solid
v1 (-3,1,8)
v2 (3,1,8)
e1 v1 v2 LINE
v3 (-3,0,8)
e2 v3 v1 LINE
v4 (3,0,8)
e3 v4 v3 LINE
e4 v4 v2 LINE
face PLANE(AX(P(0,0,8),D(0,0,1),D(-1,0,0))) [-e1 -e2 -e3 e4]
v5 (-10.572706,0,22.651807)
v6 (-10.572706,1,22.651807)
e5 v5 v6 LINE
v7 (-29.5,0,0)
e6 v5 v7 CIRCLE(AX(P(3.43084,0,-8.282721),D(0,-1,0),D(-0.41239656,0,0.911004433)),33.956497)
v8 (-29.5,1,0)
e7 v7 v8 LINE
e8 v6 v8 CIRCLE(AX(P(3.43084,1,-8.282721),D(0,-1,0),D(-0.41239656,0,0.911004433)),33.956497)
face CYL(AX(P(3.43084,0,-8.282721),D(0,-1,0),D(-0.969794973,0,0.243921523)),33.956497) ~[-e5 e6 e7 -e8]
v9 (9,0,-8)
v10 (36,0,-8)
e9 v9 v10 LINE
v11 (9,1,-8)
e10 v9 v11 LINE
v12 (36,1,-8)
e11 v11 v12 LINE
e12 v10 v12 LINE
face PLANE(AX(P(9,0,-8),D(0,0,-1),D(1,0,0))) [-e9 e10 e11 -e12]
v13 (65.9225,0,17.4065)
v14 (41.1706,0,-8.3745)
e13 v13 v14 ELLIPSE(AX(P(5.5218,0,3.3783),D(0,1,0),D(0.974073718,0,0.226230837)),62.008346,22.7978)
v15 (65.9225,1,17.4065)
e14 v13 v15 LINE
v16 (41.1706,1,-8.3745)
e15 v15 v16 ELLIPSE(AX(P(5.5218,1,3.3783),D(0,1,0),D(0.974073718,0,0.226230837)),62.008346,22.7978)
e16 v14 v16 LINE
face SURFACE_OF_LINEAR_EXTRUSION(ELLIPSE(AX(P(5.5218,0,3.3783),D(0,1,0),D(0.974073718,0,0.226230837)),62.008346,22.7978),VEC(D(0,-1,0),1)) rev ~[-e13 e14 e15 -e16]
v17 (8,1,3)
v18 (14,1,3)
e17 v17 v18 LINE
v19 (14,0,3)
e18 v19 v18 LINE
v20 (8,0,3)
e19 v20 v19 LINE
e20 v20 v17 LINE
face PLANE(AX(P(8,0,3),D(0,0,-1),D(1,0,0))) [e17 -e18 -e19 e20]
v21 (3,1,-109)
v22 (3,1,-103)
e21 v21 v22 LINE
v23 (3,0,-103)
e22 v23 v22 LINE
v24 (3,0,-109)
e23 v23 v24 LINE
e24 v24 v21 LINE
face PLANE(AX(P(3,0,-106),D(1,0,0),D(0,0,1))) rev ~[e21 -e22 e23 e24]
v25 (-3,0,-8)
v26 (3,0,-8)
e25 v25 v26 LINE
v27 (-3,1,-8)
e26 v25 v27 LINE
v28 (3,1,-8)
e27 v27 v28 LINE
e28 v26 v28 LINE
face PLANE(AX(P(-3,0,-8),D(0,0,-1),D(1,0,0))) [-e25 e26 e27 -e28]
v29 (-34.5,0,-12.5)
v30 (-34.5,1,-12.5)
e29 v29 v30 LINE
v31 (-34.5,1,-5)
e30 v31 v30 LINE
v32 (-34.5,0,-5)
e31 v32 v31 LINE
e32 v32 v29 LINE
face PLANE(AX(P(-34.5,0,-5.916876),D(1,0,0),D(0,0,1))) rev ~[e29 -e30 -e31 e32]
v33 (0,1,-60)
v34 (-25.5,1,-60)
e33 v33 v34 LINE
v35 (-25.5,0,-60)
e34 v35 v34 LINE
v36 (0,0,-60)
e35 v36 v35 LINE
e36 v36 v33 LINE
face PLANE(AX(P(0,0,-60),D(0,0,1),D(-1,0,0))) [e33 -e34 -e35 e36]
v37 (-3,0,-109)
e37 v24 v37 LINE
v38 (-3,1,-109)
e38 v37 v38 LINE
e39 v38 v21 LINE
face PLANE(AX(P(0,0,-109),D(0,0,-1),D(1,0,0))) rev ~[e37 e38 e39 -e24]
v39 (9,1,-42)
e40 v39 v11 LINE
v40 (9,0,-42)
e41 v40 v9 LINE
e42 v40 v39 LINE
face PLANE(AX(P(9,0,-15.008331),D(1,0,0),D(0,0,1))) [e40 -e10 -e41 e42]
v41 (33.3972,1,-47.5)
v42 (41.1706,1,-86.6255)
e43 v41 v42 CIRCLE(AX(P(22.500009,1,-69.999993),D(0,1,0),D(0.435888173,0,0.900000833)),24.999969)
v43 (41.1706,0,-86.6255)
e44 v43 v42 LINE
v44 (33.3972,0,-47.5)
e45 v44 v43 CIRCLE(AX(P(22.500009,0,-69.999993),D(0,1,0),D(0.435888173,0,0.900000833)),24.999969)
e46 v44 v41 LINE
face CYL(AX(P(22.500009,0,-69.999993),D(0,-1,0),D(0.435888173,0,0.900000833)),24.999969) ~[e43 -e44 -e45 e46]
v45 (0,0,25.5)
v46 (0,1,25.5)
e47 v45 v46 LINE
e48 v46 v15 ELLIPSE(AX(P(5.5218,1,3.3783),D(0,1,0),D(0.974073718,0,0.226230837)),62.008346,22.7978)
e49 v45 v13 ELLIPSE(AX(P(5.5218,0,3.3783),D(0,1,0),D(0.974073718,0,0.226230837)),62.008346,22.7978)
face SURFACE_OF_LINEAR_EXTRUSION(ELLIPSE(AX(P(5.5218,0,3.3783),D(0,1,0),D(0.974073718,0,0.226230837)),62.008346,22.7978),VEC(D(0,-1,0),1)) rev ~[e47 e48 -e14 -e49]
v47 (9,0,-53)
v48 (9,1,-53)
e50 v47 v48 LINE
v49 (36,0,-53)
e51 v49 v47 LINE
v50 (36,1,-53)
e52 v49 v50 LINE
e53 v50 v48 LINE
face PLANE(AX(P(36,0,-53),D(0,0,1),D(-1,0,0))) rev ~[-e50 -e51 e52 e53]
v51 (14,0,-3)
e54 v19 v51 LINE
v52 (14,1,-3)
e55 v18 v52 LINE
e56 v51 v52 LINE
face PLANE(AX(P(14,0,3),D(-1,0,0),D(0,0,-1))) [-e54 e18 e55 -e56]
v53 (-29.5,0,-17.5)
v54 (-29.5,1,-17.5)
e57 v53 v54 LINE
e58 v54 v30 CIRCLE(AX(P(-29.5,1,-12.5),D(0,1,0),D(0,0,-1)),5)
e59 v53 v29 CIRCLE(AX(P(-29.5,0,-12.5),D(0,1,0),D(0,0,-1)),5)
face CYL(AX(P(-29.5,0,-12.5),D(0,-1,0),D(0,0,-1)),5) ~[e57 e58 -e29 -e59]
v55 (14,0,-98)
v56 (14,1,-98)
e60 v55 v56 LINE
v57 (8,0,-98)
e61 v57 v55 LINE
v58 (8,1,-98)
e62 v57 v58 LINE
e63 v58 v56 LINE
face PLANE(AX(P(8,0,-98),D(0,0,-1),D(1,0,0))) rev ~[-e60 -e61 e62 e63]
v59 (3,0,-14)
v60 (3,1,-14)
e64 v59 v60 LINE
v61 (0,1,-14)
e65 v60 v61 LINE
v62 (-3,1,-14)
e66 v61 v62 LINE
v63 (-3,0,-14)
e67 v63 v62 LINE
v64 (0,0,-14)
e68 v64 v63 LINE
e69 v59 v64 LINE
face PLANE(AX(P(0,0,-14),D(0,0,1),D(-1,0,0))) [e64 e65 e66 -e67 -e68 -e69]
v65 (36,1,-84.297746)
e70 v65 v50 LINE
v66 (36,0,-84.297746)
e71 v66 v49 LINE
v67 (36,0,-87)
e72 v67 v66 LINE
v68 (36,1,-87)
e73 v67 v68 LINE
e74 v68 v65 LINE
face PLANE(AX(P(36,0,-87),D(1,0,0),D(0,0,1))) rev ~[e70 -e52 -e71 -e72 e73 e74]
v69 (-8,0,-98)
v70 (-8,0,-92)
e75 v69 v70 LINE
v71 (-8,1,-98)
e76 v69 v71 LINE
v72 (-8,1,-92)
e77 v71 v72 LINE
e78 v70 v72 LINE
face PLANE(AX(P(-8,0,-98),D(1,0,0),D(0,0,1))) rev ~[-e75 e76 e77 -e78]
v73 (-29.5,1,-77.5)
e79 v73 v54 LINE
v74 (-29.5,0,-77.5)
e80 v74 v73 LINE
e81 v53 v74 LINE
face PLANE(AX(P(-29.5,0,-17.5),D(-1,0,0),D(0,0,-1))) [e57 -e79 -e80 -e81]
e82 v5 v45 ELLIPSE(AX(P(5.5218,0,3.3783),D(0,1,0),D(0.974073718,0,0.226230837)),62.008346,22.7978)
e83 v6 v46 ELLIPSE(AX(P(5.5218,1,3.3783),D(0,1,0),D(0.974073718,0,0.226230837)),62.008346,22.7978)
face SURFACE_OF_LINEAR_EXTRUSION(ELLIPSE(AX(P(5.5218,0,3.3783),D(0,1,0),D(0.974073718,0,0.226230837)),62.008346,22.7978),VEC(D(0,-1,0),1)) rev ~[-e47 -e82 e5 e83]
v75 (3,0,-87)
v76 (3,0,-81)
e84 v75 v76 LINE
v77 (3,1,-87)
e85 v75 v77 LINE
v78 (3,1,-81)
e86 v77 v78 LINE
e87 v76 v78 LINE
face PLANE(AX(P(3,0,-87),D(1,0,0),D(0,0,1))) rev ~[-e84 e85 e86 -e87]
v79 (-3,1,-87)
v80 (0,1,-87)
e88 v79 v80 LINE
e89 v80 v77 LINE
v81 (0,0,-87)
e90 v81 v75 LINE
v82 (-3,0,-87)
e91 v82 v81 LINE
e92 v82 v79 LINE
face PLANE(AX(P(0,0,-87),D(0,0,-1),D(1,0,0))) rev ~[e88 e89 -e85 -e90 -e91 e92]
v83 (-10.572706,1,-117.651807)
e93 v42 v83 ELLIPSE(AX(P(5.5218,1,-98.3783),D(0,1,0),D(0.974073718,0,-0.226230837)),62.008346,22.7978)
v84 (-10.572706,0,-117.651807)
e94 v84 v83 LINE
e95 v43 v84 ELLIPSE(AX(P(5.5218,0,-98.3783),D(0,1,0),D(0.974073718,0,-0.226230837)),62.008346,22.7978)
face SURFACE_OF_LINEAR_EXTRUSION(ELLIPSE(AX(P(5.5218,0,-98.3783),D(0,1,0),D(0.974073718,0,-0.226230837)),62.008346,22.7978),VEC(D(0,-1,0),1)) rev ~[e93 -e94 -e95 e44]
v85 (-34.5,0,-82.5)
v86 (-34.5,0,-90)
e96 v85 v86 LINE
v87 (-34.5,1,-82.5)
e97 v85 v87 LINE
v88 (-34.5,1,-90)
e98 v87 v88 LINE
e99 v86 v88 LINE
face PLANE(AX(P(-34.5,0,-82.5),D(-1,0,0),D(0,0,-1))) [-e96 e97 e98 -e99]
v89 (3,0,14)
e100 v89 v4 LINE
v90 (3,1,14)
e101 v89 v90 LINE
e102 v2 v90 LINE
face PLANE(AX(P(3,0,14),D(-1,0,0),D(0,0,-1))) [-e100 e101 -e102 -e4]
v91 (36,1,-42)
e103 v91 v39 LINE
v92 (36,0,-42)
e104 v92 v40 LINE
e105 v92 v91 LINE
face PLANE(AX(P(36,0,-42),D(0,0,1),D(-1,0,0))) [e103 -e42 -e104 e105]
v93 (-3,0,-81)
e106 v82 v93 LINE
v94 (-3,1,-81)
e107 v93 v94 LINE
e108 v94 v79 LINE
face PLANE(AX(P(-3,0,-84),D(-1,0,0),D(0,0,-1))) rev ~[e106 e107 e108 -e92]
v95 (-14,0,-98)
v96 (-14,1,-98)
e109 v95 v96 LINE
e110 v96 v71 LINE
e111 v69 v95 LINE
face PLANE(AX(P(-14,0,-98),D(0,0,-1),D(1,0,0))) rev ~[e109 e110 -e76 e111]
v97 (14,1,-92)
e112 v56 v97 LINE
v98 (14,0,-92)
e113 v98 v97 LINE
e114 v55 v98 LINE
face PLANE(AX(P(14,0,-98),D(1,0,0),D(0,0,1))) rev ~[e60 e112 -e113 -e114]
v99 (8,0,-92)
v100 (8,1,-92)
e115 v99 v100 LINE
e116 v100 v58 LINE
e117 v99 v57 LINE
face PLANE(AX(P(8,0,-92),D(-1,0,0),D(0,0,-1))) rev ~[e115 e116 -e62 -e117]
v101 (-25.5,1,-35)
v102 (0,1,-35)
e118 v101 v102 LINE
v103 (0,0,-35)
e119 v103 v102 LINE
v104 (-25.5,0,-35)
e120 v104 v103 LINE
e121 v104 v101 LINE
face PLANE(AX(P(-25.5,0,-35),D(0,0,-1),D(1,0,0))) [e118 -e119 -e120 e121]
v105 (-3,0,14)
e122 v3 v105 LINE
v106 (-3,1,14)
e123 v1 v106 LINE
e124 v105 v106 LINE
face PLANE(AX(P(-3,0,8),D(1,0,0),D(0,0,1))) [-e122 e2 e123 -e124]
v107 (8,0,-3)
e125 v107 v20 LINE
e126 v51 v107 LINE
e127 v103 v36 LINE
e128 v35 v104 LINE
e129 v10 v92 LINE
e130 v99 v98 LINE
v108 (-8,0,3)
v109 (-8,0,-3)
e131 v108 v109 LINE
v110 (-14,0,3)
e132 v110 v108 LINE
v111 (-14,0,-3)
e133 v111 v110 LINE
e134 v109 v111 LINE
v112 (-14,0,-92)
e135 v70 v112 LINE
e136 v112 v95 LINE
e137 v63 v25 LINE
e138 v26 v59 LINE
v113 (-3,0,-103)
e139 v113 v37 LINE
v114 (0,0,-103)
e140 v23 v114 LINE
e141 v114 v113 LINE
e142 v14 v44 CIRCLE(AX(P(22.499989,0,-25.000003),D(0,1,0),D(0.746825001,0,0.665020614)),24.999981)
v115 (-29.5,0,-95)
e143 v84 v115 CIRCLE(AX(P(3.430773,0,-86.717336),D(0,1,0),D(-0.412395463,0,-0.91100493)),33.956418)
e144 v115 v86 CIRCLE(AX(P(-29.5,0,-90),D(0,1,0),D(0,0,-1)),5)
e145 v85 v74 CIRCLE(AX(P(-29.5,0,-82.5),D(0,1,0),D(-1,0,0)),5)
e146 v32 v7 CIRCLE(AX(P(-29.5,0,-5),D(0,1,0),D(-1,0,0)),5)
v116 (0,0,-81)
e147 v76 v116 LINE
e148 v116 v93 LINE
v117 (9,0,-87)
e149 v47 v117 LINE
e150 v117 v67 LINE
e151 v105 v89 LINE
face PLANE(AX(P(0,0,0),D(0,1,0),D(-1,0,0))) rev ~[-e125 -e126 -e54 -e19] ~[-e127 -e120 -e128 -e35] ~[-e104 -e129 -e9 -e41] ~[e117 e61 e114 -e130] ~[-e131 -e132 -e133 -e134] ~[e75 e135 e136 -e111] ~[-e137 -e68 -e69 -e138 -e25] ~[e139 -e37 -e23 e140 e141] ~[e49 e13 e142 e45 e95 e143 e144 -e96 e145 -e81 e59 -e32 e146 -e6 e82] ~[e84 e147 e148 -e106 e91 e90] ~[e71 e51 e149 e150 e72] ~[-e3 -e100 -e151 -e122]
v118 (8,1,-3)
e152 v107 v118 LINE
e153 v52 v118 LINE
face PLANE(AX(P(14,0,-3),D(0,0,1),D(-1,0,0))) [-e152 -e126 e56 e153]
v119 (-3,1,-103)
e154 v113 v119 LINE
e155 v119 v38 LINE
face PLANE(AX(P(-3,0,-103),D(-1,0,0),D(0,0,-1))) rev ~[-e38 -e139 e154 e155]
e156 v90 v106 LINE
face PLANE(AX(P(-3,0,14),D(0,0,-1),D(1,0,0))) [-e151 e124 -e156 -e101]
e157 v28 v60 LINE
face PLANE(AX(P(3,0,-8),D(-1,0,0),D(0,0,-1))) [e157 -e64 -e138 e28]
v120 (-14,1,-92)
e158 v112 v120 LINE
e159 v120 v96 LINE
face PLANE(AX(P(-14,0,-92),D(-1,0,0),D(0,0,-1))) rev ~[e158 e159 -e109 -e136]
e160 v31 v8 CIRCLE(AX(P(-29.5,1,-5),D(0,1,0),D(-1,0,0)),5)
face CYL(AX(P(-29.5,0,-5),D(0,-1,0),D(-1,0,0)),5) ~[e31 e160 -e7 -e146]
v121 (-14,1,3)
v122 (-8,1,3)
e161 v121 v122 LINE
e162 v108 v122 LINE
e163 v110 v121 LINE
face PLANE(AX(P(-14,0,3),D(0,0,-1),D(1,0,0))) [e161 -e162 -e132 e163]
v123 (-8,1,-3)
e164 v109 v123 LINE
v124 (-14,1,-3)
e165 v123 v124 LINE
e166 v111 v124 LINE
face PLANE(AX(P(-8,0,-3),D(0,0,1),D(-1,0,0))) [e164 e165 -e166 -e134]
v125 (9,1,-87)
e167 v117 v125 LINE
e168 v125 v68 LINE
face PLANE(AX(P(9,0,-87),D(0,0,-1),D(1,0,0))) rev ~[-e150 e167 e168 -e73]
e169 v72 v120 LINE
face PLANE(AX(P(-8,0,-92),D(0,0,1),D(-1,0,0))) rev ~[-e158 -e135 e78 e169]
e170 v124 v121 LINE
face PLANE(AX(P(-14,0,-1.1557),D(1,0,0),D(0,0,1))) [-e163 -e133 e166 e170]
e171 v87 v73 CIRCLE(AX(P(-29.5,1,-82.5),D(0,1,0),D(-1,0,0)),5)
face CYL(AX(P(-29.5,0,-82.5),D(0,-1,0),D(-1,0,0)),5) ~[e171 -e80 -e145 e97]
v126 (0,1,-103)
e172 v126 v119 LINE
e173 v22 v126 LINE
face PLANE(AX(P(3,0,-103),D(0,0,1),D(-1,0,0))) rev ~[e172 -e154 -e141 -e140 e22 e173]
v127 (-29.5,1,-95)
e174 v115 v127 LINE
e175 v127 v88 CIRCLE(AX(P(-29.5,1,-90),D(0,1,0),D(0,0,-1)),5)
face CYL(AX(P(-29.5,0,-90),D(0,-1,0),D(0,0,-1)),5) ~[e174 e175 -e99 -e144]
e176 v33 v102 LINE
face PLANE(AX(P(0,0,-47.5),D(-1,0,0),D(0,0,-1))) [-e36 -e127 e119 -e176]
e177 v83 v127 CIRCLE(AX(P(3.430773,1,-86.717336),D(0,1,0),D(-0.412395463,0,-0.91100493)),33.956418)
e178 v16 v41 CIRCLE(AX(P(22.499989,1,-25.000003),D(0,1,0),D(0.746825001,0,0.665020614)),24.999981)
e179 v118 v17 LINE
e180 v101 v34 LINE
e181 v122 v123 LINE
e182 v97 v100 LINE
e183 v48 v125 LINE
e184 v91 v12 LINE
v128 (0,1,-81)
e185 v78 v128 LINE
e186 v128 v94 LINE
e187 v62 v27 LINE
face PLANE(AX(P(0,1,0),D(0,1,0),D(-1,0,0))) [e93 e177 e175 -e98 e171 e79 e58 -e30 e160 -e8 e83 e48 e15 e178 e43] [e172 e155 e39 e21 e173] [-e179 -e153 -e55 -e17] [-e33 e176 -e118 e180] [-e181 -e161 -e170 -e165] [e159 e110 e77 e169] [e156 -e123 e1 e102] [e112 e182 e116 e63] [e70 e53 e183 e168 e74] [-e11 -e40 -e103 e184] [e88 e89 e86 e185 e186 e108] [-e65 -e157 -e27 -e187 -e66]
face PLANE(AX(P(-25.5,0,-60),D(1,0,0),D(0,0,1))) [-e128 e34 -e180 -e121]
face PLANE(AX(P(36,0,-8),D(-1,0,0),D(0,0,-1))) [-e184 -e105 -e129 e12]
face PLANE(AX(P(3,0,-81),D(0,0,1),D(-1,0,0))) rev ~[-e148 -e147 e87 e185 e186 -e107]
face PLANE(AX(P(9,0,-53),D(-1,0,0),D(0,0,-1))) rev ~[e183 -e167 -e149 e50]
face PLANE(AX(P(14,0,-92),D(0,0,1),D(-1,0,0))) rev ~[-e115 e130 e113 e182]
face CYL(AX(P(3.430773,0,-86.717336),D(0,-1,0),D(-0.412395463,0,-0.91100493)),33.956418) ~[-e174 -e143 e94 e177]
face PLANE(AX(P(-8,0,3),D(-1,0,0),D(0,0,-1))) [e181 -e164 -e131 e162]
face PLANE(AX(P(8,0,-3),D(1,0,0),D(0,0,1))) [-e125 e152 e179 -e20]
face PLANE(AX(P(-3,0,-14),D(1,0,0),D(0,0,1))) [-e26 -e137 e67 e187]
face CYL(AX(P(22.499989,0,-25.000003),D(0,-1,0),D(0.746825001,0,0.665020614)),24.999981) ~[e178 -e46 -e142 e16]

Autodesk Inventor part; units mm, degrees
ref_plane "YZ Plane" through (0, 0, 0) normal (1, 0, 0) x (0, 1, 0)
ref_plane "XZ Plane" through (0, 0, 0) normal (0, 1, 0) x (-1, 0, 0)
ref_plane "XY Plane" through (0, 0, 0) normal (0, 0, 1) x (1, 0, 0)
sketch "Sketch1" plane through (0, 0, 0) normal (0, 1, 0) x (-1, 0, 0)
  circle A0 centre (0, 0) radius 17.5
  line L0 (0, -17.5) -> (0, -77.5)
  line L1 (0, -77.5) -> (0, -95)
  circle A1 centre (0, -95) radius 17.5
  line L2 (0, 0) -> (0, -25)
  line L3 (0, -25) -> (-22.5, -25)
  circle A2 centre (-22.5, -25) radius 12.5
  line L4 (-86.0476, -189.7218) -> (-86.0476, -216.7218)
  line L5 (-86.0476, -216.7218) -> (-52.0476, -216.7218)
  line L6 (-52.0476, -216.7218) -> (-52.0476, -189.7218)
  line L7 (-52.0476, -189.7218) -> (-86.0476, -189.7218)
  line L8 (-86.0476, -189.7218) -> (-52.0476, -216.7218)
  line L9 (-52.0476, -189.7218) -> (-86.0476, -216.7218)
  line L10 (0, -25) -> (0, -17.5)
  line L11 (0, -25) -> (0, -32.5)
  circle A3 centre (-22.5, -70) radius 12.5
  line L12 (-39.5, -56.5) -> (-39.5, -83.5)
  line L13 (-39.5, -83.5) -> (-5.5, -83.5)
  line L14 (-5.5, -83.5) -> (-5.5, -56.5)
  line L15 (-5.5, -56.5) -> (-39.5, -56.5)
  line L16 (-39.5, -56.5) -> (-5.5, -83.5)
  line L17 (-5.5, -56.5) -> (-39.5, -83.5)
  line L18 (-5.5, -56.5) -> (-22.5, -70)
  line L19 (-109.6323, -189.7218) -> (-115.6323, -189.7218)
  line L20 (-115.6323, -189.7218) -> (-115.6323, -195.7218)
  line L21 (-115.6323, -195.7218) -> (-109.6323, -195.7218)
  line L22 (-109.6323, -195.7218) -> (-109.6323, -189.7218)
  line L23 (-115.6323, -189.7218) -> (-109.6323, -195.7218)
  line L24 (-109.6323, -189.7218) -> (-115.6323, -195.7218)
  line L25 (0, -112.5) -> (0, -106)
  line L26 (-3, -109) -> (-3, -103)
  line L27 (-3, -103) -> (3, -103)
  line L28 (3, -103) -> (3, -109)
  line L29 (3, -109) -> (-3, -109)
  line L30 (14, -98) -> (8, -98)
  line L31 (14, -92) -> (14, -98)
  line L32 (8, -98) -> (8, -92)
  line L33 (8, -92) -> (14, -92)
  line L34 (3, -81) -> (3, -87)
  line L35 (-3, -81) -> (3, -81)
  line L36 (3, -87) -> (-3, -87)
  line L37 (-3, -87) -> (-3, -81)
  line L38 (-14, -92) -> (-8, -92)
  line L39 (-14, -98) -> (-14, -92)
  line L40 (-8, -92) -> (-8, -98)
  line L41 (-8, -98) -> (-14, -98)
  line L42 (-135.6088, -189.7218) -> (-135.6088, -214.7218)
  line L43 (-135.6088, -214.7218) -> (-162.6088, -214.7218)
  line L44 (-162.6088, -214.7218) -> (-162.6088, -189.7218)
  line L45 (-162.6088, -189.7218) -> (-135.6088, -189.7218)
  line L46 (-162.6088, -189.7218) -> (-135.6088, -214.7218)
  line L47 (-135.6088, -189.7218) -> (-162.6088, -214.7218)
  line L48 (17.5, 0) -> (17.5, -95)
  line L49 (-162.6088, -202.2218) -> (-135.6088, -202.2218)
  line L50 (25.5, -35) -> (25.5, -60)
  line L51 (25.5, -60) -> (-1.5, -60)
  line L52 (-1.5, -60) -> (-1.5, -35)
  line L53 (-1.5, -35) -> (25.5, -35)
  line L54 (25.5, -35) -> (20.5, -35)
  line L55 (20.5, -35) -> (20.5, -60)
  line L56 (-1.5, -35) -> (6.5, -35)
  line L57 (6.5, -35) -> (6.5, -60)
  line L58 (-1.5, -47.5) -> (6.5, -47.5)
  line L59 (-1.5, -35) -> (35.8, -35)
  line L60 (25.5, -60) -> (29.5, -60)
  line L61 (29.5, -60) -> (29.5, -47.5)
  line L62 (29.5, -47.5) -> (25.5, -47.5)
  line L63 (29.5, -60) -> (-7.8, -60)
  line L64 (-7.8, -60) -> (-7.8, -35)
  line L65 (-7.8, -35) -> (-1.5, -35)
  dimension "d0" = 35
  dimension "d1" = 60
  dimension "d2" = 17.5
  dimension "d3" = 25
  dimension "d4" = 22.5
  dimension "d6" = 25
  dimension "d7" = 27
  dimension "d8" = 34
  dimension "d9" = 27
  dimension "d10" = 7.5
  dimension "d11" = 25
  dimension "d12" = 27
  dimension "d13" = 34
  dimension "d14" = 27
  dimension "d15" = 6
  dimension "d16" = 6
  dimension "d17" = 6
  dimension "d18" = 6.5
  dimension "d22" = 6
  dimension "d25" = 360
  dimension "d27" = 25
  dimension "d28" = 27
  dimension "d32" = 25
  dimension "d33" = 27
  dimension "d34" = 5
  dimension "d35" = 8
  dimension "d36" = 8
  dimension "d72" = 37.3
  dimension "d73" = 4
  dimension "d74" = 37.3
sketch "Sketch2" plane through (0, 0, 0) normal (0, 1, 0) x (-1, 0, 0)
  circle A0 centre (0, 0) radius 17.5
  line L0 (0, 17.5) -> (0, 25.5)
  line L1 (17.5, 0) -> (29.5, 0)
  line L2 (0, 0) -> (0, 17.5)
  line L3 (0, 17.5) -> (17.5, 0)
  line L4 (0, 0) -> (8.75, 8.75)
  line L5 (8.75, 8.75) -> (12.3744, 12.3744)
  line L6 (12.3744, 12.3744) -> (18.0312, 18.0312)
  arc A1 (29.5, 0) -> (10.5727, 22.6518) centre (-3.4308, -8.2827) ccw
  line L7 (0, -20.5) -> (0, -80.5)
  line L8 (0, -80.5) -> (0, -98)
  line L9 (29.5, 0) -> (29.5, -17.5) construction
  line L10 (34.5, -12.5) -> (34.5, -5)
  arc A2 (34.5, -5) -> (29.5, 0) centre (29.5, -5) ccw
  arc A3 (29.5, -17.5) -> (34.5, -12.5) centre (29.5, -12.5) ccw
  line L11 (29.5, -17.5) -> (29.5, -47.5)
  line L12 (0, -20.5) -> (0, -25.5)
  line L13 (0, -17.5) -> (0, -21.5)
  ellipse E0 centre (-5.5218, 3.3783) end of major axis (-65.9225, 17.4065) minor radius 22.7978 (10.5727, 22.6518) -> (-28.0257, -13.7877) ccw
  line L14 (0, -17.5) -> (0, -25)
  line L15 (0, -25) -> (-22.5, -25)
  circle A4 centre (-22.5, -25) radius 12.5
  line L16 (-9, -8) -> (-36, -8)
  line L17 (-36, -8) -> (-36, -42)
  line L18 (-36, -42) -> (-9, -42)
  line L19 (-9, -42) -> (-9, -8)
  line L20 (-36, -42) -> (-9, -8)
  line L21 (-36, -8) -> (-9, -42)
  line L22 (-22.5, -25) -> (-36, -42)
  line L23 (0, -17.5) -> (0, -11)
  line L24 (0, -11) -> (3, -11)
  line L25 (3, -11) -> (3, -8)
  line L26 (3, -8) -> (-3, -8)
  line L27 (-3, -8) -> (-3, -14)
  line L28 (-3, -14) -> (3, -14)
  line L29 (3, -14) -> (3, -11)
  line L30 (14, 3) -> (11, 3)
  line L31 (8, 3) -> (8, -3)
  line L32 (11, 3) -> (8, 3)
  line L33 (8, -3) -> (14, -3)
  line L34 (14, -3) -> (14, 3)
  line L35 (-3, 14) -> (-3, 11)
  line L36 (-3, 8) -> (3, 8)
  line L37 (-3, 11) -> (-3, 8)
  line L38 (3, 8) -> (3, 14)
  line L39 (3, 14) -> (-3, 14)
  line L40 (-14, -3) -> (-11, -3)
  line L41 (-8, -3) -> (-8, 3)
  line L42 (-11, -3) -> (-8, -3)
  line L43 (-8, 3) -> (-14, 3)
  line L44 (-14, 3) -> (-14, -3)
  line L45 (0, -47.5) -> (-33.3972, -47.5)
  arc A5 (-41.1706, -8.3745) -> (-33.3972, -47.5) centre (-22.5, -25) ccw
  arc A6 (10.5727, -117.6518) -> (29.5, -95) centre (-3.4308, -86.7173) ccw
  line L46 (34.5, -82.5) -> (34.5, -90)
  arc A7 (29.5, -95) -> (34.5, -90) centre (29.5, -90) ccw
  arc A8 (34.5, -82.5) -> (29.5, -77.5) centre (29.5, -82.5) ccw
  line L47 (29.5, -77.5) -> (29.5, -47.5)
  ellipse E1 centre (-5.5218, -98.3783) end of major axis (-65.9225, -112.4065) minor radius 22.7978 (-28.0257, -81.2123) -> (10.5727, -117.6518) ccw
  arc A9 (-33.3972, -47.5) -> (-41.1706, -86.6255) centre (-22.5, -70) ccw
  line L48 (0, -95) -> (0, -112.5)
  line L49 (-9, -87) -> (-36, -87)
  line L50 (-36, -87) -> (-36, -53)
  line L51 (-36, -53) -> (-9, -53)
  line L52 (-9, -53) -> (-9, -87)
  line L53 (0, -77.5) -> (0, -84)
  line L54 (0, -84) -> (3, -84)
  line L55 (3, -84) -> (3, -87)
  line L56 (3, -87) -> (-3, -87)
  line L57 (-3, -87) -> (-3, -81)
  line L58 (-3, -81) -> (3, -81)
  line L59 (3, -81) -> (3, -84)
  line L60 (14, -98) -> (11, -98)
  line L61 (8, -98) -> (8, -92)
  line L62 (11, -98) -> (8, -98)
  line L63 (8, -92) -> (14, -92)
  line L64 (14, -92) -> (14, -98)
  line L65 (-3, -109) -> (-3, -106)
  line L66 (-3, -103) -> (3, -103)
  line L67 (-3, -106) -> (-3, -103)
  line L68 (3, -103) -> (3, -109)
  line L69 (3, -109) -> (-3, -109)
  line L70 (-14, -92) -> (-11, -92)
  line L71 (-8, -92) -> (-8, -98)
  line L72 (-11, -92) -> (-8, -92)
  line L73 (-8, -98) -> (-14, -98)
  line L74 (-14, -98) -> (-14, -92)
  line L75 (0, -47.5) -> (-1.5, -47.5)
  line L76 (-1.5, -47.5) -> (-1.5, -60)
  line L77 (-1.5, -60) -> (25.5, -60)
  line L78 (25.5, -60) -> (25.5, -35)
  line L79 (25.5, -35) -> (-1.5, -35)
  line L80 (-1.5, -35) -> (-1.5, -47.5)
  line L81 (0, -17.5) -> (0, -25)
  line L82 (0, -47.5) -> (0, -35)
  line L83 (25.5, -44.7664) -> (24.099, -44.7664)
  line L84 (-5.5218, 3.3783) -> (-65.9225, 17.4065)
  line L85 (-5.5218, 3.3783) -> (-5.5218, 9.5)
  line L86 (-65.9225, 17.4065) -> (128.8922, -27.8397)
  point P0 (29.5, -8.75)
  point P1 (0, -35)
  point P2 (0, -60)
  dimension "d50" = 25
  dimension "d37" = 35
  dimension "d38" = 8
  dimension "d39" = 12
  dimension "d40" = 8
  dimension "d41" = 60
  dimension "d42" = 17.5
  dimension "d47" = 4
  dimension "d48" = 7.5
  dimension "d49" = 22.5
  dimension "d51" = 27
  dimension "d52" = 34
  dimension "d53" = 6.5
  dimension "d54" = 3
  dimension "d55" = 3
  dimension "d56" = 6
  dimension "d57" = 6
  dimension "d60" = 360
  dimension "d65" = 1.5
  dimension "d66" = 12.5
  dimension "d67" = 27
  dimension "d68" = 25
  dimension "d69" = 1.401
  dimension "d70" = 76.925
  dimension "d71" = 200
extrude "Extrusion1" add sketch "Sketch2" along normal blind 1 contours L3 L5 A0 | L1 A2 L10 L86 A0 | A0 L6 A1 L1 | A0 L86 L34 L30 L32 L31 L4 L3 | L5 L3 A0 | A0 L0 E0 A1 L6 | L86 L10 A3 L11 L47 A8 L46 A7 A6 E1 A9 L45 L76 L77 L78 L79 L7 L13 A0 | A0 L19 L16 L84 L86 L2 L4 L31 L33 L34 | L4 L86 L2 L36 L38 L39 L3 | L2 L39 L35 L37 L36 L86 L84 A0 | A0 L84 E0 L0 | L13 L7 L15 L19 A0 | L4 L2 L86 | A0 L16 L17 E0 L84 | L15 L7 L79 L80 L45 A5 E0 L17 L18 L19 | L80 L79 L7 L45 | L45 L7 L77 L76
properties part number "ovladac"
